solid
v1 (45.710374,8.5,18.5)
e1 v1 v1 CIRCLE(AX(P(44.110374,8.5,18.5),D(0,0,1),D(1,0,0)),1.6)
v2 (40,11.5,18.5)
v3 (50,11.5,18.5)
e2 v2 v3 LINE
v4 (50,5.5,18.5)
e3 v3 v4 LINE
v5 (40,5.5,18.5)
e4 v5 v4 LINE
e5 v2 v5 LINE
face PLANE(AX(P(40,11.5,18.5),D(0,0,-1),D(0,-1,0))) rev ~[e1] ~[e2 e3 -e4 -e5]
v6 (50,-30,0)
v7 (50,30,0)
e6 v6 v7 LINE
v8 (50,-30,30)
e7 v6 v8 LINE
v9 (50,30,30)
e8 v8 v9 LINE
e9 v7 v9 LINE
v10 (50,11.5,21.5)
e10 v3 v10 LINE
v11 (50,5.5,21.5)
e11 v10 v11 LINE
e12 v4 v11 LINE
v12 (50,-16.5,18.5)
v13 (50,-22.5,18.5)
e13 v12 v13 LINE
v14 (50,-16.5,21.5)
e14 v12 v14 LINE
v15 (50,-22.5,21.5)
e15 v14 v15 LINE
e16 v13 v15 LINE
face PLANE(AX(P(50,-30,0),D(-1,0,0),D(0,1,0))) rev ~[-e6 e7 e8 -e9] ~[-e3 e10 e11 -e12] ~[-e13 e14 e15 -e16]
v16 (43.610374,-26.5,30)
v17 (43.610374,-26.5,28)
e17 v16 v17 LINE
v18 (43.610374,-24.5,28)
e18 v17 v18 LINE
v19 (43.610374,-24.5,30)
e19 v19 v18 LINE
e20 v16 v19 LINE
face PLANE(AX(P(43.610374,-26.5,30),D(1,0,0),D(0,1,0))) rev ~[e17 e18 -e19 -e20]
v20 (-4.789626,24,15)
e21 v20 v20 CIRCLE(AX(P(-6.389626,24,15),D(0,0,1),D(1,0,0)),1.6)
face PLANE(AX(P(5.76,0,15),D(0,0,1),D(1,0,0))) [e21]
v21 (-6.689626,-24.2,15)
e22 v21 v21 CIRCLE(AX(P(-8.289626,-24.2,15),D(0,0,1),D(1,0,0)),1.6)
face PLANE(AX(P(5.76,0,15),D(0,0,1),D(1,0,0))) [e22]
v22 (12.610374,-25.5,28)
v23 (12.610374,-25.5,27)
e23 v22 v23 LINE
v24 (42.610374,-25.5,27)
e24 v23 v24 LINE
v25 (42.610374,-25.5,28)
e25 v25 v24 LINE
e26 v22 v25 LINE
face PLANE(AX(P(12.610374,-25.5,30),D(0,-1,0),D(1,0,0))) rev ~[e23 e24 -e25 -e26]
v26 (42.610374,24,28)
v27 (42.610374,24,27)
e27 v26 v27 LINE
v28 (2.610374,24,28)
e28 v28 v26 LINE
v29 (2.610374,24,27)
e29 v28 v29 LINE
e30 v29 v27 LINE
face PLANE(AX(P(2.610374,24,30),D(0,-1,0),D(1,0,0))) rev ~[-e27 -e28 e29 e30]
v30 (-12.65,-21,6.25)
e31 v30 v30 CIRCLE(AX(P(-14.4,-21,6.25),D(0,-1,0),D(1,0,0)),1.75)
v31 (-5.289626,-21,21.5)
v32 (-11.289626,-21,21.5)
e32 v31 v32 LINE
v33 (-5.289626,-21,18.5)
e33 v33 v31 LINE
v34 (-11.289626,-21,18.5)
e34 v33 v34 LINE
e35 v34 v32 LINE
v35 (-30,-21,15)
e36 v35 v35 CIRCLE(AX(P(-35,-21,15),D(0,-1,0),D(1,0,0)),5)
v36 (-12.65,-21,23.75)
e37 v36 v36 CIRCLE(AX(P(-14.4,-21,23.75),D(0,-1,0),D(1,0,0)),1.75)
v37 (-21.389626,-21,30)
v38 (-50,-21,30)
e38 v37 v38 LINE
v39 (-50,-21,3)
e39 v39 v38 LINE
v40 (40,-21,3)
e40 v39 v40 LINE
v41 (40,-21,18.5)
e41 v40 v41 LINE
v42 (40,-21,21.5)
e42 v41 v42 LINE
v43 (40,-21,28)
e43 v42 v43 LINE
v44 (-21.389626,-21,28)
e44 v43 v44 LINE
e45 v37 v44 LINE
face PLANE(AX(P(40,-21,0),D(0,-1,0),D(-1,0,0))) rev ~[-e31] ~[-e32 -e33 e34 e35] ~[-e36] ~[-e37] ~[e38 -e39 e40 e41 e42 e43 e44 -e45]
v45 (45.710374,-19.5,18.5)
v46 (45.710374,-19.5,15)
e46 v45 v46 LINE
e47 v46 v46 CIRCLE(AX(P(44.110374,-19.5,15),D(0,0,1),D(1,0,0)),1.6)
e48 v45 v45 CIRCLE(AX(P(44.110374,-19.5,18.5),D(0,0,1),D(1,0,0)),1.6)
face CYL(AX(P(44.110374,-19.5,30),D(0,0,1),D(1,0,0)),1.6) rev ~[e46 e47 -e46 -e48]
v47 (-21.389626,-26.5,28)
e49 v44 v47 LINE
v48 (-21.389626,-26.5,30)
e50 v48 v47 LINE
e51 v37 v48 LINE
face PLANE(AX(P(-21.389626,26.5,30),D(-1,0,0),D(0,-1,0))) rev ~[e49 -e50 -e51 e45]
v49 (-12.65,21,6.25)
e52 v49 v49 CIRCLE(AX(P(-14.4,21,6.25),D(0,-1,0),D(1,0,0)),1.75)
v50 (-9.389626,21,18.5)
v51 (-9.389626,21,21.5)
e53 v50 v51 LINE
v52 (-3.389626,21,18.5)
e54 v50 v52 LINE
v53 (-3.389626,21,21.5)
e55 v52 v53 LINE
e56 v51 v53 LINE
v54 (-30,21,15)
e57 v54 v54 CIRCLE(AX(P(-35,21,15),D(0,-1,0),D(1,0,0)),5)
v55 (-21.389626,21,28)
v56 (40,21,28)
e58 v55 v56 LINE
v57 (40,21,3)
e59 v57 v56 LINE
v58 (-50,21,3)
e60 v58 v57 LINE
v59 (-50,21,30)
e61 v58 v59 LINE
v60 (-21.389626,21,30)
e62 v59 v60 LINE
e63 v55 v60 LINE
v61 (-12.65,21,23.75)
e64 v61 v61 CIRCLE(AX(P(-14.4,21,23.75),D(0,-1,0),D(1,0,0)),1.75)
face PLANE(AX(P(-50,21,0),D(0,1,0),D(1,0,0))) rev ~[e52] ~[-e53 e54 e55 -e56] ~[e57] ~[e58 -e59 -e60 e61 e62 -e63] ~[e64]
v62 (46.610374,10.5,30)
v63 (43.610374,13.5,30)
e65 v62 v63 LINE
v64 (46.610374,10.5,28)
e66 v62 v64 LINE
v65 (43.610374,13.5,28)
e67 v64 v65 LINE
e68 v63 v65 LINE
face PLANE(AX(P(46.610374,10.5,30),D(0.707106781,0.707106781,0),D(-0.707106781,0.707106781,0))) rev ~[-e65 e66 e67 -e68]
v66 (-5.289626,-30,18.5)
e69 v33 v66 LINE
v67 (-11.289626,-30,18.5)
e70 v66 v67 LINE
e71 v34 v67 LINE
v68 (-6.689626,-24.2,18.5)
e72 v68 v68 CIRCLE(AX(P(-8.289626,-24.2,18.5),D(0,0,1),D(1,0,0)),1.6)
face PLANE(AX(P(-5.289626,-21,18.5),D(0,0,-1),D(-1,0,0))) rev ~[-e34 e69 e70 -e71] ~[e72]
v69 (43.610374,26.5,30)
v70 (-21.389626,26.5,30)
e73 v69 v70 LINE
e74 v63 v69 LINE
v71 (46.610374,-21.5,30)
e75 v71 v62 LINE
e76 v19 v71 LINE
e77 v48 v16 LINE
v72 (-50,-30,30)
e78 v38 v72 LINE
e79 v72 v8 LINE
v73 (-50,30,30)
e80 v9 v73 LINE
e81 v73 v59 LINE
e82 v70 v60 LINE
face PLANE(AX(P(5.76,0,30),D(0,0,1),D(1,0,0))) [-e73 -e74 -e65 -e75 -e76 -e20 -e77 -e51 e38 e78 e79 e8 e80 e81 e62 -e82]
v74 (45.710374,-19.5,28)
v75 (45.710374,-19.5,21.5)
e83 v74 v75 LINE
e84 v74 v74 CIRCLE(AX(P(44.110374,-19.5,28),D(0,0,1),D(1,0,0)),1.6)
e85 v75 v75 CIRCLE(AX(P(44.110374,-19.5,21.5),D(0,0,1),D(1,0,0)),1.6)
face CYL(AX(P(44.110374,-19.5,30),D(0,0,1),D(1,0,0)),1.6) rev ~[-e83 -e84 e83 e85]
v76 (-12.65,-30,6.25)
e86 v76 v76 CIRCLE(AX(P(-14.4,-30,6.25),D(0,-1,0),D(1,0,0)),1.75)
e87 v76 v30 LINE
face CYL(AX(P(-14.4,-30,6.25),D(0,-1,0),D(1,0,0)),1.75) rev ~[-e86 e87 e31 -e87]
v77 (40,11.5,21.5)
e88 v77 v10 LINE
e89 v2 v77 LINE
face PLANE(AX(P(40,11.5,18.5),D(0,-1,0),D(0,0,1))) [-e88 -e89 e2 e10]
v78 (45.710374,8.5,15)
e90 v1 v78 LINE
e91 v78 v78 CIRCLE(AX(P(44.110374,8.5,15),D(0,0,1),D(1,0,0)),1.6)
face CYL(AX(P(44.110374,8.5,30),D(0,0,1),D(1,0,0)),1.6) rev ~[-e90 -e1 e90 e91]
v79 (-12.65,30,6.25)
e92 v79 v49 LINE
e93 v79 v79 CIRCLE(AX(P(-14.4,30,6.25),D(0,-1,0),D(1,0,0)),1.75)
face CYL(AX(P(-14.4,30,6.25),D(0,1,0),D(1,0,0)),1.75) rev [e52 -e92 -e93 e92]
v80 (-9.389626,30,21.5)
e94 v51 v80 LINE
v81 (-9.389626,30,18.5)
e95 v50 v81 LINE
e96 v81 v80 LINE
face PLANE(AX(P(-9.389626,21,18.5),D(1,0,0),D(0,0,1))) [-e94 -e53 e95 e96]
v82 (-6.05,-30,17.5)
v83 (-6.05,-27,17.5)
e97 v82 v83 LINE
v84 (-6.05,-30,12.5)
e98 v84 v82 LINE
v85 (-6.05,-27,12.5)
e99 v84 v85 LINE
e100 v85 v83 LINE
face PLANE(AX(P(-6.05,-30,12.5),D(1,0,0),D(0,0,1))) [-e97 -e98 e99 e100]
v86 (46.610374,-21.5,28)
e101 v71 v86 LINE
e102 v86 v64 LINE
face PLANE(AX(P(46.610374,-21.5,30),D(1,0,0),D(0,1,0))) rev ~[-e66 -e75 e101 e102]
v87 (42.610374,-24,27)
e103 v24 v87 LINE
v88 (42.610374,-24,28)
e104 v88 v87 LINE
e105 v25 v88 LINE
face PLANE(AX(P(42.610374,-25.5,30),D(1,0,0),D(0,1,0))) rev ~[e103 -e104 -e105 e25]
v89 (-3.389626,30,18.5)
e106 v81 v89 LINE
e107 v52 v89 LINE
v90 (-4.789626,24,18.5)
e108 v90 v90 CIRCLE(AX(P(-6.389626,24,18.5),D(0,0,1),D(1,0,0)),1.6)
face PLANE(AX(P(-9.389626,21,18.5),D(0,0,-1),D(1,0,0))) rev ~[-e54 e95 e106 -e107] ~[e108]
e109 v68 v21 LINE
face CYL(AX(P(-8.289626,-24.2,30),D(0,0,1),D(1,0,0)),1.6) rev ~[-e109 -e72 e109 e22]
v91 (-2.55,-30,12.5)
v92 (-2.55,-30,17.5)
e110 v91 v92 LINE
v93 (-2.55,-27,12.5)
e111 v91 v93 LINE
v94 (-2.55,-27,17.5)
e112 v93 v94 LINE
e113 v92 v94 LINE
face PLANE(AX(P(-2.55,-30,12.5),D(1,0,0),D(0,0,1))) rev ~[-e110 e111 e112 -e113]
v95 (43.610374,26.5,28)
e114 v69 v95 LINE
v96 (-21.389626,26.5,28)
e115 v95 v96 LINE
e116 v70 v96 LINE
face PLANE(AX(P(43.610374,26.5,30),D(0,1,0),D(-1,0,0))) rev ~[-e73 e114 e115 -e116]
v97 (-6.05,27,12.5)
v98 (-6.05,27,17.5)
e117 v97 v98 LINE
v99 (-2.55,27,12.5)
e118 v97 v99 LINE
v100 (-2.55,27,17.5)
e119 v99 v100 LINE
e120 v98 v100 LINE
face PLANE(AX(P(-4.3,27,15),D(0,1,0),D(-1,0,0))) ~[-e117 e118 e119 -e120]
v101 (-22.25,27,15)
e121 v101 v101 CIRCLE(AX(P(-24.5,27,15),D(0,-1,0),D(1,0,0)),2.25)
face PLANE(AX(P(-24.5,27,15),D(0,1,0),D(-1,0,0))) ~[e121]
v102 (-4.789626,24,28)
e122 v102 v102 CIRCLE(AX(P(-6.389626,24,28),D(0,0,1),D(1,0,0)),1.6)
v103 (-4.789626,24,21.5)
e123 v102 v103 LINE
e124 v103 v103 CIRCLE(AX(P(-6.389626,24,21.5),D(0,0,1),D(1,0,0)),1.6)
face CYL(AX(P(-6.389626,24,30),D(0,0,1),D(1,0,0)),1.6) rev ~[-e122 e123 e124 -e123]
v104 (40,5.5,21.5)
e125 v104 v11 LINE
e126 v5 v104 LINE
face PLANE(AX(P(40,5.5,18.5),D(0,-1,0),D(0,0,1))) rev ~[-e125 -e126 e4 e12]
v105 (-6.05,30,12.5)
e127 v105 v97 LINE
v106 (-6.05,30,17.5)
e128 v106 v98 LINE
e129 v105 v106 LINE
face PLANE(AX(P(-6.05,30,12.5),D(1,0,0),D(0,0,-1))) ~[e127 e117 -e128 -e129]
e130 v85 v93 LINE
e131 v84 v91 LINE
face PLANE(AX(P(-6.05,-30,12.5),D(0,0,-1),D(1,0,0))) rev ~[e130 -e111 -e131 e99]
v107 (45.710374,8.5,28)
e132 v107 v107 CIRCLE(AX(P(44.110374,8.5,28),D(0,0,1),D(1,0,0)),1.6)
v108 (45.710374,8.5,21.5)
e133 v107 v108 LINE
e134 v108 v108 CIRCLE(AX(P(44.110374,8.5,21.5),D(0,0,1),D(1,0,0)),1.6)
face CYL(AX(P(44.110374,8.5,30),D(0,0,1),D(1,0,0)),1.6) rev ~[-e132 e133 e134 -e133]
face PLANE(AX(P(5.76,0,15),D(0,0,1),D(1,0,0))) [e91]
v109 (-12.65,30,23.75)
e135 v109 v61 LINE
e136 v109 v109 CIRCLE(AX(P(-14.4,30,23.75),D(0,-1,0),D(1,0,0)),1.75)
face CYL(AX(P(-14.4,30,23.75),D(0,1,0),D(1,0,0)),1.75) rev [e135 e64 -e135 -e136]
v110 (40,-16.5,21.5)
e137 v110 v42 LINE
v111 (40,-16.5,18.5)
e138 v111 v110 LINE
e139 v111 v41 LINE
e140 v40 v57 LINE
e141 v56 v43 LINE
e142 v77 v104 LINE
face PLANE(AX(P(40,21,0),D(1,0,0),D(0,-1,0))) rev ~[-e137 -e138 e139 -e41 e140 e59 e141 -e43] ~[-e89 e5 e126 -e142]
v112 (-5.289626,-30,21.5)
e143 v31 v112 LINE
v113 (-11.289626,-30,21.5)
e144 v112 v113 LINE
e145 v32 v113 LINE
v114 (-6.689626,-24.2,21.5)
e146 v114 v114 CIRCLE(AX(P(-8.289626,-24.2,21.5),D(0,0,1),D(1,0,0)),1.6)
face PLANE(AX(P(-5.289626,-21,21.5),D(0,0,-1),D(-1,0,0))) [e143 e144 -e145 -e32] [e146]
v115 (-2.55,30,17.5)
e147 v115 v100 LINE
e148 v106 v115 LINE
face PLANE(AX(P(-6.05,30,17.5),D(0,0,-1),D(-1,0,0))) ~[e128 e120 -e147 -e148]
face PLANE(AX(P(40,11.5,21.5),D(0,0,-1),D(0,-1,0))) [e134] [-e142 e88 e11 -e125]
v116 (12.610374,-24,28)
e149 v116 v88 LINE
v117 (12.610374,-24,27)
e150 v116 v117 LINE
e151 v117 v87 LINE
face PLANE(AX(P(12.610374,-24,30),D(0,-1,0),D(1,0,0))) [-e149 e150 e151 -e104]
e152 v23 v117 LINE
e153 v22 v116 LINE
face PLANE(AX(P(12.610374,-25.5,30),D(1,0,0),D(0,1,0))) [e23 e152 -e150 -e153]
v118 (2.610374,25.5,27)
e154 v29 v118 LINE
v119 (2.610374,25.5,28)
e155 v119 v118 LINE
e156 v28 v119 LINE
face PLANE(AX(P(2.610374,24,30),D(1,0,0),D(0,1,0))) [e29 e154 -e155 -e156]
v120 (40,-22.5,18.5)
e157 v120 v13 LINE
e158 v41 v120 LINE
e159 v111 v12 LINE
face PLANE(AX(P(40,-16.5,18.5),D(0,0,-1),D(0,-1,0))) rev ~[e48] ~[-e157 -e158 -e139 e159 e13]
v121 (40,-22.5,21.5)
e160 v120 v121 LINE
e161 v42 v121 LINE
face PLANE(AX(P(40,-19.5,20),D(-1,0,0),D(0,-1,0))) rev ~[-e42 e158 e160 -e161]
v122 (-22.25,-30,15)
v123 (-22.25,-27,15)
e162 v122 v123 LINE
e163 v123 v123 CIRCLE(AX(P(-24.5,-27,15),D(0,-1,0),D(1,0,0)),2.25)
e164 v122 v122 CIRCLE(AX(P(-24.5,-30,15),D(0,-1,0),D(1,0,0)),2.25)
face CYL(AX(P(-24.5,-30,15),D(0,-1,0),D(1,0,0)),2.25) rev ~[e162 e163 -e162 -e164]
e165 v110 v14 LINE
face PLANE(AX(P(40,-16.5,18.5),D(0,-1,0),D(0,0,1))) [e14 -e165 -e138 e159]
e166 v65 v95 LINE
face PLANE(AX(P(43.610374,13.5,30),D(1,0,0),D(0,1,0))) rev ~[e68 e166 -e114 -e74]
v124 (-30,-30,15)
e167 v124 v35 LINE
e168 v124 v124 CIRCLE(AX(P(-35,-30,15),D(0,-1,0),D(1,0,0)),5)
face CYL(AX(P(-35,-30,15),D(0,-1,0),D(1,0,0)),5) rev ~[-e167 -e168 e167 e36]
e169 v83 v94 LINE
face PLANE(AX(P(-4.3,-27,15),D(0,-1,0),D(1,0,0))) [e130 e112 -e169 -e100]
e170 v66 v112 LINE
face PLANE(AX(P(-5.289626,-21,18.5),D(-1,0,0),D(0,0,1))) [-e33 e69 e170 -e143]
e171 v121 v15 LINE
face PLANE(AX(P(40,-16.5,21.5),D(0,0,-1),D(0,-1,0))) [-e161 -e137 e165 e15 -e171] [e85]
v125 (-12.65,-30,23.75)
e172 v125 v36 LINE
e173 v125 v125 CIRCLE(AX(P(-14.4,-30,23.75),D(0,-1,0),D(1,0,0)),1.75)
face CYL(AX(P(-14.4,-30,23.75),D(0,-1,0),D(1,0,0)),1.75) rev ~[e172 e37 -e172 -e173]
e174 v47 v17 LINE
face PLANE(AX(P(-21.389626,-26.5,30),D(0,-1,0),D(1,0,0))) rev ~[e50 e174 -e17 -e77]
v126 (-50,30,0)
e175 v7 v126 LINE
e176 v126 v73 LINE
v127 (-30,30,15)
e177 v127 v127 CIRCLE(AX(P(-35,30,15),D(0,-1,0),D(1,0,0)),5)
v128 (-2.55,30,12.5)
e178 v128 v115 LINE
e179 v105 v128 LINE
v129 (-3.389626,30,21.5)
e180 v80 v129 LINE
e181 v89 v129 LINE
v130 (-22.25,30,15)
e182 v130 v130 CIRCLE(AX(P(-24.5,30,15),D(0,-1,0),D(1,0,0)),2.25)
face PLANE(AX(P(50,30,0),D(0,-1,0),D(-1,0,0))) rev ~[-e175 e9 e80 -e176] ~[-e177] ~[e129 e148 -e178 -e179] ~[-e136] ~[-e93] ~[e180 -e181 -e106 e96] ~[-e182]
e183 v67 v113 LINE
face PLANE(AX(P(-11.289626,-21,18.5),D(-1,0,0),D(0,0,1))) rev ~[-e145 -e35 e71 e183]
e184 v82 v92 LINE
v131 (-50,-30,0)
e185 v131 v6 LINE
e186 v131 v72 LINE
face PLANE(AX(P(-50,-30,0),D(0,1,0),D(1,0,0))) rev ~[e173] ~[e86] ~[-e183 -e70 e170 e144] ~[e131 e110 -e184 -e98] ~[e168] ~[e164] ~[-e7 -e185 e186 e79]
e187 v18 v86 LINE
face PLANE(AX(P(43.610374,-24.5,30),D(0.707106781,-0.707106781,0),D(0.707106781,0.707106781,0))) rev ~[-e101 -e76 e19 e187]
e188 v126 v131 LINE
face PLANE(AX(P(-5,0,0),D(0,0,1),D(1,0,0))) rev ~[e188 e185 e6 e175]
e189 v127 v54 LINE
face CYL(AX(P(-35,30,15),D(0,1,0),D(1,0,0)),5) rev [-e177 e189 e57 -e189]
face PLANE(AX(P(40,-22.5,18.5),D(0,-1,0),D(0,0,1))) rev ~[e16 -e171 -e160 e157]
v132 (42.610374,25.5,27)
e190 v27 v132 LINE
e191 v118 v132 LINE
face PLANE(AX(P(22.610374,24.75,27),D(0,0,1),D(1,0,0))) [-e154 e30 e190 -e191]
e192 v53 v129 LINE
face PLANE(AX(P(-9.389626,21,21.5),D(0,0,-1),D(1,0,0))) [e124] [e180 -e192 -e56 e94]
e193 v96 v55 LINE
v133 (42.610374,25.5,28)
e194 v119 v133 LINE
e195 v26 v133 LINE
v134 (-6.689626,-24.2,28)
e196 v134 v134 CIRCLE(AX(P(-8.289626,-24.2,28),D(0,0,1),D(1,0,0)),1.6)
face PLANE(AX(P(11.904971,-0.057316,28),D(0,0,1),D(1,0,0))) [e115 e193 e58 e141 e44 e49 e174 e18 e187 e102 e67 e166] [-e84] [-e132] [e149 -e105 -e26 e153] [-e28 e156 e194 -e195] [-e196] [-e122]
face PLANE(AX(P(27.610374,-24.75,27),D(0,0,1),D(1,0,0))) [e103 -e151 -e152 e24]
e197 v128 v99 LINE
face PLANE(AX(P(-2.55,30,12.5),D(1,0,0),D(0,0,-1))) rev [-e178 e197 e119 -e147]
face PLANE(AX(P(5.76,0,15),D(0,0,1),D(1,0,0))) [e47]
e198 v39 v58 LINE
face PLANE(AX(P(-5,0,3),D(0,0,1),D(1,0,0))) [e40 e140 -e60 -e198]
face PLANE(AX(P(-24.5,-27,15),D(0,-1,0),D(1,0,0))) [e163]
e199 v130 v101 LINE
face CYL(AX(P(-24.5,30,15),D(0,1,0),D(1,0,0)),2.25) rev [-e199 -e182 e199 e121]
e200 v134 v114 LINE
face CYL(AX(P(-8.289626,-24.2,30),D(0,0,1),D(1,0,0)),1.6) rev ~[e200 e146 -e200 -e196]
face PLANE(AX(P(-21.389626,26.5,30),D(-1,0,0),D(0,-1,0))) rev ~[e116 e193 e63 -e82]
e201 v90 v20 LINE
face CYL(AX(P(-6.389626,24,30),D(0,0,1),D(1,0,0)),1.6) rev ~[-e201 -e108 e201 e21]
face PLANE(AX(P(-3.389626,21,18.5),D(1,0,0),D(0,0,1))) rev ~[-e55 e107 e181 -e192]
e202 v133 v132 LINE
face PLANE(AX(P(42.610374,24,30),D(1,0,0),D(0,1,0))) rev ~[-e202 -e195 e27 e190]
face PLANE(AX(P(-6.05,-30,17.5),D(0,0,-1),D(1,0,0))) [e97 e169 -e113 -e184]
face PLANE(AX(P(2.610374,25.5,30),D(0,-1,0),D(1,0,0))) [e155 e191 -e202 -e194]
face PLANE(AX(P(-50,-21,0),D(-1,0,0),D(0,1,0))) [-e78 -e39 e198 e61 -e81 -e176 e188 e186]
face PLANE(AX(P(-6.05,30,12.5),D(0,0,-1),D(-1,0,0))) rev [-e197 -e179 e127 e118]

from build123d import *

# Parameters (mm, degrees)
F1_DEPTH  = 30
F0_W      = 90
F0_H      = 42
F2_DEPTH  = 3
F3_R      = 5
F3_R_2    = 1.75
F4_DEPTH  = 9
F3_R_3    = 2.25
F3_W      = 3.5
F3_H      = 5
F5_DEPTH  = 3
F7_W      = 40
F7_H      = 1.5
F7_W_2    = 30
F8_DEPTH  = 3
F7_R      = 1.6
F9_DEPTH  = 2
F10_DEPTH = 15
F11_W     = 6
F11_H     = 3
F12_DEPTH = 9
F13_W     = 6
F13_H     = 3
F14_DEPTH = 9
F15_W     = 6
F15_H     = 3
F16_DEPTH = 10


with BuildPart() as f1:
    # F0 (on Top) → F1 (new body)
    with BuildSketch(Plane.XY):
        Polygon((50, 30), (-50, 30), (-50, 21), (40, 21), (40, -21), (-50, -21), (-50, -30), (50, -30), align=None)
    extrude(amount=F1_DEPTH)

    # F0 (on Top) → F2 (join)
    with BuildSketch(Plane.XY):
        with Locations((-5, 0)):
            Rectangle(F0_W, F0_H)
    extrude(amount=F2_DEPTH)

    # F3 (on face) → F4 (cut, through all)
    with BuildSketch(Plane.XZ.offset(30)):
        with Locations((-35, 15)):
            Circle(F3_R)
        with Locations((-14.4, 23.75)):
            Circle(F3_R_2)
        with Locations((-14.4, 6.25)):
            Circle(F3_R_2)
    extrude(amount=-F4_DEPTH, mode=Mode.SUBTRACT)

    # F3 (on face) → F5 (cut)
    with BuildSketch(Plane.XZ.offset(30)):
        with Locations((-24.5, 15)):
            Circle(F3_R_3)
        with Locations((-4.3, 15)):
            Rectangle(F3_W, F3_H)
    extrude(amount=-F5_DEPTH, mode=Mode.SUBTRACT)

    # F6: F1 across plane


with BuildPart() as f1_1:
    add(f1.part)
    add(f1.part.mirror(Plane.XZ), mode=Mode.INTERSECT)

    # F7 (on face) → F8 (cut)
    with BuildSketch(Plane.XY.offset(30)):
        with Locations((22.6103741318, 24.75)):
            Rectangle(F7_W, F7_H)
        with Locations((27.6103741318, -24.75)):
            Rectangle(F7_W_2, F7_H)
    extrude(amount=-F8_DEPTH, mode=Mode.SUBTRACT)

    # F7 (on face) → F9 (cut)
    with BuildSketch(Plane.XY.offset(30)):
        Polygon((43.6103741318, 26.5), (-21.3896258682, 26.5), (-21.3896258682, -26.5), (43.6103741318, -26.5), (43.6103741318, -24.5), (46.6103741318, -21.5), (46.6103741318, 10.5), (43.6103741318, 13.5), align=None)
        with Locations((-8.2896258682, -24.2)):
            Circle(F7_R, mode=Mode.SUBTRACT)
        with Locations((27.6103741318, -24.75)):
            Rectangle(F7_W_2, F7_H, mode=Mode.SUBTRACT)
        with Locations((44.1103741318, -19.5)):
            Circle(F7_R, mode=Mode.SUBTRACT)
        with Locations((-6.3896258682, 24)):
            Circle(F7_R, mode=Mode.SUBTRACT)
        with Locations((44.1103741318, 8.5)):
            Circle(F7_R, mode=Mode.SUBTRACT)
        with Locations((22.6103741318, 24.75)):
            Rectangle(F7_W, F7_H, mode=Mode.SUBTRACT)
    extrude(amount=-F9_DEPTH, mode=Mode.SUBTRACT)

    # F10 (cut): faces of the model
    f10_faces = [f1_1.faces().sort_by_distance(p)[0] for p in [
        (-6.3896258682, 24, 30),
        (44.1103741318, 8.5, 30),
        (44.1103741318, -19.5, 30),
        (-8.2896258682, -24.2, 30),
    ]]
    extrude(f10_faces, amount=-F10_DEPTH, mode=Mode.SUBTRACT)

    # F11 (on face) → F12 (cut, through all)
    with BuildSketch(Plane.XZ.offset(-21)):
        with Locations((-6.3896258682, 20)):
            Rectangle(F11_W, F11_H)
    extrude(amount=-F12_DEPTH, mode=Mode.SUBTRACT)

    # F13 (on face) → F14 (cut, through all)
    with BuildSketch(Plane(origin=(0, -21, 0), x_dir=(-1, 0, 0), z_dir=(0, 1, 0))):
        with Locations((8.2896258682, 20)):
            Rectangle(F13_W, F13_H)
    extrude(amount=-F14_DEPTH, mode=Mode.SUBTRACT)

    # F15 (on face) → F16 (cut, through all)
    with BuildSketch(Plane(origin=(40, 0, 0), x_dir=(0, -1, 0), z_dir=(-1, 0, 0))):
        with Locations((-8.5, 20)):
            Rectangle(F15_W, F15_H)
        with Locations((19.5, 20)):
            Rectangle(F15_W, F15_H)
    extrude(amount=-F16_DEPTH, mode=Mode.SUBTRACT)


solid = f1_1.part
